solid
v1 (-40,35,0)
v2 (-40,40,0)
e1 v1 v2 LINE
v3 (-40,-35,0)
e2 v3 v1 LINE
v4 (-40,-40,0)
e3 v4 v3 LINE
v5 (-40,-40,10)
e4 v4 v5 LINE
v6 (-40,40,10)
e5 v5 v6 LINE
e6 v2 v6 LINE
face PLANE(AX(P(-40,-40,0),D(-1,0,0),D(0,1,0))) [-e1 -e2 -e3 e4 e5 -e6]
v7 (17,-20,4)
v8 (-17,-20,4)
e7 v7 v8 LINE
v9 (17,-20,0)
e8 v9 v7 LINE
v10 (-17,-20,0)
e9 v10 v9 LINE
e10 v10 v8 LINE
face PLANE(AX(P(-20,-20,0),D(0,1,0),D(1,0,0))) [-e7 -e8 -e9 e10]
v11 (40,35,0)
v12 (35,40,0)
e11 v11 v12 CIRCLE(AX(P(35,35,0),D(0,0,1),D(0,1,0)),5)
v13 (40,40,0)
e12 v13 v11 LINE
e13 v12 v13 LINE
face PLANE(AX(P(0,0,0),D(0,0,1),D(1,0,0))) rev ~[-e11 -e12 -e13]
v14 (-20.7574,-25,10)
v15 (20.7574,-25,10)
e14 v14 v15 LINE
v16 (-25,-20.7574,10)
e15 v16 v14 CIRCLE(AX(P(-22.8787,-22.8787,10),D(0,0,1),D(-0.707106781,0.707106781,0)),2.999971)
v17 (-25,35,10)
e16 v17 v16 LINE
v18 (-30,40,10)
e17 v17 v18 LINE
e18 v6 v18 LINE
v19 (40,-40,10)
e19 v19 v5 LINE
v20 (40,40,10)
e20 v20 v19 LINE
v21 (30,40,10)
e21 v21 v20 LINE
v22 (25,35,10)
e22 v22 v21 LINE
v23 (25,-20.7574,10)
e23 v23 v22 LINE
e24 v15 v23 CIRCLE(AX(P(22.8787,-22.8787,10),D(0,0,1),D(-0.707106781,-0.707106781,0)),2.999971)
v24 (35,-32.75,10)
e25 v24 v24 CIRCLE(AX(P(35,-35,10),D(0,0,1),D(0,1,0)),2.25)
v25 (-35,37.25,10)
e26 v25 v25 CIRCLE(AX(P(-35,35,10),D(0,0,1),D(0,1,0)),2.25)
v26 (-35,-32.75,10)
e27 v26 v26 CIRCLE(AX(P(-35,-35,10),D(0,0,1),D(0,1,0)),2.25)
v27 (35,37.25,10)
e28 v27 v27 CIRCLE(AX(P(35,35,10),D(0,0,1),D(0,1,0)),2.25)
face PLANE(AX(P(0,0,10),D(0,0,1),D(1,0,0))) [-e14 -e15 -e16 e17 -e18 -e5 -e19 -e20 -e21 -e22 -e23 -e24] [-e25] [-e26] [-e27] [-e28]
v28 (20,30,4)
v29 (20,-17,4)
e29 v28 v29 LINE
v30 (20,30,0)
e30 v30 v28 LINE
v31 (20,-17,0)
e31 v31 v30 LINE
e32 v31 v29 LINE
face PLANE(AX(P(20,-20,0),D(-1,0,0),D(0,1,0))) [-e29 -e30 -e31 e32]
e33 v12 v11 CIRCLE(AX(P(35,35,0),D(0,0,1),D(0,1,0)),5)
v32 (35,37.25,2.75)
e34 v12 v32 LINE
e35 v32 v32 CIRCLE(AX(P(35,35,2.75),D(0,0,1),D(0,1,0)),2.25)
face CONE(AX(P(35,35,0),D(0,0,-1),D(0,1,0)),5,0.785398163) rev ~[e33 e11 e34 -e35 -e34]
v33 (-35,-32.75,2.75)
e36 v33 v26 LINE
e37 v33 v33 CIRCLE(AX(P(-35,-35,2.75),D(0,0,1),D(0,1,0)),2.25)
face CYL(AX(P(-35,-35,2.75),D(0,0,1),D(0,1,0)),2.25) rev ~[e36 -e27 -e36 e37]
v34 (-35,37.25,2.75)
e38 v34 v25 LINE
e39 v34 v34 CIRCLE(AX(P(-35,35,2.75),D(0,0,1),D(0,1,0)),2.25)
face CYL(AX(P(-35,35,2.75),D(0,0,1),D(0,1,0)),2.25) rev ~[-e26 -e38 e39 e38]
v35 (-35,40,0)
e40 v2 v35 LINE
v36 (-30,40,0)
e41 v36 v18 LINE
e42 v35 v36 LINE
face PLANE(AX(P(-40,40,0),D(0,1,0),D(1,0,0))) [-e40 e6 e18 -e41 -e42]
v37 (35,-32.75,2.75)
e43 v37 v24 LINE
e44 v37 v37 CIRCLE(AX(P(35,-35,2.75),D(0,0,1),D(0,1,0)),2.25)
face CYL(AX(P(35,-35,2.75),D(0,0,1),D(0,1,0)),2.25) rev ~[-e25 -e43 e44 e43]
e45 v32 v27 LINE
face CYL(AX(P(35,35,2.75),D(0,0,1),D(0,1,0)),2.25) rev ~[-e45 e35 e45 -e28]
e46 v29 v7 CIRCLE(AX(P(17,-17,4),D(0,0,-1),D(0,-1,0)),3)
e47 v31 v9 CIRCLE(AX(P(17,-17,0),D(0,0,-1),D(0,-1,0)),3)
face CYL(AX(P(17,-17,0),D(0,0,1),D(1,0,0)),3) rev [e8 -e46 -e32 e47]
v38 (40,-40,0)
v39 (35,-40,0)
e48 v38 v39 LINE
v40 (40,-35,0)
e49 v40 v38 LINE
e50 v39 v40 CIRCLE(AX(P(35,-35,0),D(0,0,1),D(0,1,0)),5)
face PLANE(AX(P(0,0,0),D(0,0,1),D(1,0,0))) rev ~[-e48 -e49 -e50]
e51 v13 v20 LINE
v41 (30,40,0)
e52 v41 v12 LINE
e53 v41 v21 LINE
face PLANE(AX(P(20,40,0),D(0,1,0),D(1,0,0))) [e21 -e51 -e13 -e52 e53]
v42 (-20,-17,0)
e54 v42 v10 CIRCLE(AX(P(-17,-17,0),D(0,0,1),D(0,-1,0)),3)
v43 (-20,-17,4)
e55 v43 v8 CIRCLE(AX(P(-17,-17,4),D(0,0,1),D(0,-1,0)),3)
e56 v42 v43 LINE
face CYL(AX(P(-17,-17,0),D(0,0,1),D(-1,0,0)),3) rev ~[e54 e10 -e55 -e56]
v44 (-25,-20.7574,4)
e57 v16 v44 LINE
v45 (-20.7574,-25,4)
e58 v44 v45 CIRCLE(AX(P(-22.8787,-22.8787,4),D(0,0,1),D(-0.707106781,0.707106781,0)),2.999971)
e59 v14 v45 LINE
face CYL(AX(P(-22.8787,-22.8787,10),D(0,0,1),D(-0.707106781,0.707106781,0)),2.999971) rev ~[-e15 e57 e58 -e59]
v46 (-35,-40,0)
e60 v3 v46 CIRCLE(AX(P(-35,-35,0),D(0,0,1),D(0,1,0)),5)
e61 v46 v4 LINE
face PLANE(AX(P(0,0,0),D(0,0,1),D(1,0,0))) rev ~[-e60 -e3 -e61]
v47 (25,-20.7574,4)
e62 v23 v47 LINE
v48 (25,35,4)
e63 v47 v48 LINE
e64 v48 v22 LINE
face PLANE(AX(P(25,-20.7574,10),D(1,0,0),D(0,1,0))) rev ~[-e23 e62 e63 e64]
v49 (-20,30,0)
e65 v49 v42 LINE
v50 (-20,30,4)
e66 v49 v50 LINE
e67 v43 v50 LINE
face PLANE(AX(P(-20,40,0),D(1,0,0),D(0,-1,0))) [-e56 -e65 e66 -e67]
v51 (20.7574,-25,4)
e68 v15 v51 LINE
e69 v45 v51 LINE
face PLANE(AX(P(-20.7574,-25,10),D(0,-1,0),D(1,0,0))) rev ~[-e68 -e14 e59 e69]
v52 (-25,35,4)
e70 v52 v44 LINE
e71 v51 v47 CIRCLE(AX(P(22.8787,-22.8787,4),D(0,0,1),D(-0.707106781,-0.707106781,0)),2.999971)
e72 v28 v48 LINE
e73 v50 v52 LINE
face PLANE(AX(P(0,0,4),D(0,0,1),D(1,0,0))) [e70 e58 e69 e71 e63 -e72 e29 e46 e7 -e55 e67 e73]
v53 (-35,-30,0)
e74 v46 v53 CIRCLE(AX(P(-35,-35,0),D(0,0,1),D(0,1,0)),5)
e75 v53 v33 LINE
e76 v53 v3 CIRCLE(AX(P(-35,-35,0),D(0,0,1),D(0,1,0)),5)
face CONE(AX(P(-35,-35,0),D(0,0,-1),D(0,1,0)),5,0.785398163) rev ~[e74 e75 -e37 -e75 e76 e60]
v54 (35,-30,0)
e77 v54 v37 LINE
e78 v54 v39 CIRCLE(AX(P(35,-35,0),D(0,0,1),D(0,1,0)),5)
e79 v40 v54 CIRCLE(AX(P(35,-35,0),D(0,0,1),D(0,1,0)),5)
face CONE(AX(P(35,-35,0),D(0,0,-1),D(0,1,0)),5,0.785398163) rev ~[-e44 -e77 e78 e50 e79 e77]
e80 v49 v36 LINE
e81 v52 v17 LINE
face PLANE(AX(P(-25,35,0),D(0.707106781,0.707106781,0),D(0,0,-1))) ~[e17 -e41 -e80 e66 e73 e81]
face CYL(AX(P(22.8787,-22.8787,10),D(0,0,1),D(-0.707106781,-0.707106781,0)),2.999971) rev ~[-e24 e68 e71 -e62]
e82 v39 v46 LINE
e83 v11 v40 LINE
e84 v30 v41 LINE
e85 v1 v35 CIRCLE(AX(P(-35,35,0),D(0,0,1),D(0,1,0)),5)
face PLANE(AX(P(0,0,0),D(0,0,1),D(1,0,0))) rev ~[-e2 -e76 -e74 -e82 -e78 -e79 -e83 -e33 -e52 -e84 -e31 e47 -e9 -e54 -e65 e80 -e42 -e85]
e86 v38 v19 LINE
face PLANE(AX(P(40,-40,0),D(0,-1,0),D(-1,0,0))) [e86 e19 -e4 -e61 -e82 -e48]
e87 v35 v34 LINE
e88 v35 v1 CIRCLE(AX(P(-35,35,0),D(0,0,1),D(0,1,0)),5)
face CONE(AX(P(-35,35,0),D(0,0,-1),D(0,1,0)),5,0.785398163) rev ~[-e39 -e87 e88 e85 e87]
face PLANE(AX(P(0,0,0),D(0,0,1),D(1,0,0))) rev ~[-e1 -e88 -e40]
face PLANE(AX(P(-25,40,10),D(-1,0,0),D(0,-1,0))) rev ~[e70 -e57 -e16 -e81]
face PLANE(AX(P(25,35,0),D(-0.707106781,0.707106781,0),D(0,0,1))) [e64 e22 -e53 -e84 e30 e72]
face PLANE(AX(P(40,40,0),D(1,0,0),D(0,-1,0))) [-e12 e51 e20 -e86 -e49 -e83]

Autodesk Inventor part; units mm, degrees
ref_plane "YZ Plane" through (0, 0, 0) normal (1, 0, 0) x (0, 1, 0)
ref_plane "XZ Plane" through (0, 0, 0) normal (0, 1, 0) x (-1, 0, 0)
ref_plane "XY Plane" through (0, 0, 0) normal (0, 0, 1) x (1, 0, 0)
sketch "Skizze1" plane through (0, 0, 0) normal (0, 0, 1) x (1, 0, 0)
  line L0 (40, 40) -> (40, -40)
  line L1 (40, -40) -> (-40, -40)
  line L2 (-40, -40) -> (-40, 40)
  line L3 (-40, 40) -> (40, -40) construction
  line L4 (40, 40) -> (-40, -40) construction
  line L5 (-20, 40) -> (-20, -20)
  line L6 (-20, -20) -> (20, -20)
  line L7 (20, -20) -> (20, 40)
  line L8 (-40, 40) -> (-20, 40)
  line L9 (20, 40) -> (40, 40)
  point P0 (0, 0)
  dimension "d0" = 40
  dimension "d1" = 80
extrude "Extrusion1" add sketch "Skizze1" along normal blind 10
sketch "Skizze2" plane through (0, 0, 10) normal (0, 0, 1) x (1, 0, 0)
  line L0 (-40, 40) -> (-40, -40) projected
  line L1 (40, 40) -> (20, 40) projected
  line L2 (20, 40) -> (20, -20) projected
  line L3 (20, -20) -> (-20, -20) projected
  line L4 (-20, -20) -> (-20, 40) projected
  line L5 (-20, 40) -> (-40, 40) projected
  line L6 (-25, 40) -> (-25, -20.7574)
  line L7 (-20.7574, -25) -> (20.7574, -25)
  line L8 (25, -20.7574) -> (25, 40)
  arc A0 (20.7574, -25) -> (25, -20.7574) centre (22.8787, -22.8787) ccw
  arc A1 (-25, -20.7574) -> (-20.7574, -25) centre (-22.8787, -22.8787) ccw
  line L9 (0, 56) -> (0, -56) construction
  point P0 (0, 0)
  dimension "d5" = 6
  dimension "d7" = 2.1213
  dimension "d8" = 2.1213
  dimension "d9" = 50
  dimension "d11" = 5
  dimension "d12" = 5
extrude "Extrusion2" cut sketch "Skizze2" against normal blind 6
fillet "Rundung1" radius 3 2 edges at (20, -20, 2) (-20, -20, 2)
chamfer "Fase1" distance 10 angle 45 2 edges at (-20, 40, 2) (20, 40, 2)
sketch "Skizze3" plane through (0, 0, 0) normal (0, 0, -1) x (-1, 0, 0)
  line L0 (-40, 40) -> (-20, 40) projected
  line L1 (-40, -40) -> (-40, 40) projected
  line L2 (40, -40) -> (-40, -40) projected
  line L3 (40, 40) -> (40, -40) projected
  line L4 (35, -35) -> (-35, -35)
  line L5 (-35, -35) -> (-35, 35)
  line L6 (-35, 35) -> (35, 35)
  line L7 (35, 35) -> (35, -35)
  line L8 (35, -35) -> (-35, 35) construction
  line L9 (-35, -35) -> (35, 35) construction
  point P0 (-21, 40)
  point P1 (0, 0)
  point P2 (0, 0)
  dimension "d22" = 5
  dimension "d23" = 5
  dimension "d24" = 5
  dimension "d25" = 5
  dimension "d33" = 70
  dimension "d34" = 70
hole "Bohrung1" at (-35, 35, 0) at (-35, -35, 0) at (35, -35, 0) at (35, 35, 0) direction (0, 0, 1) diameter 4.5 end through all countersink diameter 10 countersink angle 90 clearance for "Innensechskant-Senkkopfschraube DIN EN ISO 10642" size "M4" standard "DIN"
equation "\"d8\" = d7"
equation "\"d12\" = d11"
equation "\"d23\" = d22"
equation "\"d24\" = d22"
equation "\"d25\" = d22"
properties part number "Tunel_OdourPortSlidingMechanism" material "Polycarbonat, klar"
